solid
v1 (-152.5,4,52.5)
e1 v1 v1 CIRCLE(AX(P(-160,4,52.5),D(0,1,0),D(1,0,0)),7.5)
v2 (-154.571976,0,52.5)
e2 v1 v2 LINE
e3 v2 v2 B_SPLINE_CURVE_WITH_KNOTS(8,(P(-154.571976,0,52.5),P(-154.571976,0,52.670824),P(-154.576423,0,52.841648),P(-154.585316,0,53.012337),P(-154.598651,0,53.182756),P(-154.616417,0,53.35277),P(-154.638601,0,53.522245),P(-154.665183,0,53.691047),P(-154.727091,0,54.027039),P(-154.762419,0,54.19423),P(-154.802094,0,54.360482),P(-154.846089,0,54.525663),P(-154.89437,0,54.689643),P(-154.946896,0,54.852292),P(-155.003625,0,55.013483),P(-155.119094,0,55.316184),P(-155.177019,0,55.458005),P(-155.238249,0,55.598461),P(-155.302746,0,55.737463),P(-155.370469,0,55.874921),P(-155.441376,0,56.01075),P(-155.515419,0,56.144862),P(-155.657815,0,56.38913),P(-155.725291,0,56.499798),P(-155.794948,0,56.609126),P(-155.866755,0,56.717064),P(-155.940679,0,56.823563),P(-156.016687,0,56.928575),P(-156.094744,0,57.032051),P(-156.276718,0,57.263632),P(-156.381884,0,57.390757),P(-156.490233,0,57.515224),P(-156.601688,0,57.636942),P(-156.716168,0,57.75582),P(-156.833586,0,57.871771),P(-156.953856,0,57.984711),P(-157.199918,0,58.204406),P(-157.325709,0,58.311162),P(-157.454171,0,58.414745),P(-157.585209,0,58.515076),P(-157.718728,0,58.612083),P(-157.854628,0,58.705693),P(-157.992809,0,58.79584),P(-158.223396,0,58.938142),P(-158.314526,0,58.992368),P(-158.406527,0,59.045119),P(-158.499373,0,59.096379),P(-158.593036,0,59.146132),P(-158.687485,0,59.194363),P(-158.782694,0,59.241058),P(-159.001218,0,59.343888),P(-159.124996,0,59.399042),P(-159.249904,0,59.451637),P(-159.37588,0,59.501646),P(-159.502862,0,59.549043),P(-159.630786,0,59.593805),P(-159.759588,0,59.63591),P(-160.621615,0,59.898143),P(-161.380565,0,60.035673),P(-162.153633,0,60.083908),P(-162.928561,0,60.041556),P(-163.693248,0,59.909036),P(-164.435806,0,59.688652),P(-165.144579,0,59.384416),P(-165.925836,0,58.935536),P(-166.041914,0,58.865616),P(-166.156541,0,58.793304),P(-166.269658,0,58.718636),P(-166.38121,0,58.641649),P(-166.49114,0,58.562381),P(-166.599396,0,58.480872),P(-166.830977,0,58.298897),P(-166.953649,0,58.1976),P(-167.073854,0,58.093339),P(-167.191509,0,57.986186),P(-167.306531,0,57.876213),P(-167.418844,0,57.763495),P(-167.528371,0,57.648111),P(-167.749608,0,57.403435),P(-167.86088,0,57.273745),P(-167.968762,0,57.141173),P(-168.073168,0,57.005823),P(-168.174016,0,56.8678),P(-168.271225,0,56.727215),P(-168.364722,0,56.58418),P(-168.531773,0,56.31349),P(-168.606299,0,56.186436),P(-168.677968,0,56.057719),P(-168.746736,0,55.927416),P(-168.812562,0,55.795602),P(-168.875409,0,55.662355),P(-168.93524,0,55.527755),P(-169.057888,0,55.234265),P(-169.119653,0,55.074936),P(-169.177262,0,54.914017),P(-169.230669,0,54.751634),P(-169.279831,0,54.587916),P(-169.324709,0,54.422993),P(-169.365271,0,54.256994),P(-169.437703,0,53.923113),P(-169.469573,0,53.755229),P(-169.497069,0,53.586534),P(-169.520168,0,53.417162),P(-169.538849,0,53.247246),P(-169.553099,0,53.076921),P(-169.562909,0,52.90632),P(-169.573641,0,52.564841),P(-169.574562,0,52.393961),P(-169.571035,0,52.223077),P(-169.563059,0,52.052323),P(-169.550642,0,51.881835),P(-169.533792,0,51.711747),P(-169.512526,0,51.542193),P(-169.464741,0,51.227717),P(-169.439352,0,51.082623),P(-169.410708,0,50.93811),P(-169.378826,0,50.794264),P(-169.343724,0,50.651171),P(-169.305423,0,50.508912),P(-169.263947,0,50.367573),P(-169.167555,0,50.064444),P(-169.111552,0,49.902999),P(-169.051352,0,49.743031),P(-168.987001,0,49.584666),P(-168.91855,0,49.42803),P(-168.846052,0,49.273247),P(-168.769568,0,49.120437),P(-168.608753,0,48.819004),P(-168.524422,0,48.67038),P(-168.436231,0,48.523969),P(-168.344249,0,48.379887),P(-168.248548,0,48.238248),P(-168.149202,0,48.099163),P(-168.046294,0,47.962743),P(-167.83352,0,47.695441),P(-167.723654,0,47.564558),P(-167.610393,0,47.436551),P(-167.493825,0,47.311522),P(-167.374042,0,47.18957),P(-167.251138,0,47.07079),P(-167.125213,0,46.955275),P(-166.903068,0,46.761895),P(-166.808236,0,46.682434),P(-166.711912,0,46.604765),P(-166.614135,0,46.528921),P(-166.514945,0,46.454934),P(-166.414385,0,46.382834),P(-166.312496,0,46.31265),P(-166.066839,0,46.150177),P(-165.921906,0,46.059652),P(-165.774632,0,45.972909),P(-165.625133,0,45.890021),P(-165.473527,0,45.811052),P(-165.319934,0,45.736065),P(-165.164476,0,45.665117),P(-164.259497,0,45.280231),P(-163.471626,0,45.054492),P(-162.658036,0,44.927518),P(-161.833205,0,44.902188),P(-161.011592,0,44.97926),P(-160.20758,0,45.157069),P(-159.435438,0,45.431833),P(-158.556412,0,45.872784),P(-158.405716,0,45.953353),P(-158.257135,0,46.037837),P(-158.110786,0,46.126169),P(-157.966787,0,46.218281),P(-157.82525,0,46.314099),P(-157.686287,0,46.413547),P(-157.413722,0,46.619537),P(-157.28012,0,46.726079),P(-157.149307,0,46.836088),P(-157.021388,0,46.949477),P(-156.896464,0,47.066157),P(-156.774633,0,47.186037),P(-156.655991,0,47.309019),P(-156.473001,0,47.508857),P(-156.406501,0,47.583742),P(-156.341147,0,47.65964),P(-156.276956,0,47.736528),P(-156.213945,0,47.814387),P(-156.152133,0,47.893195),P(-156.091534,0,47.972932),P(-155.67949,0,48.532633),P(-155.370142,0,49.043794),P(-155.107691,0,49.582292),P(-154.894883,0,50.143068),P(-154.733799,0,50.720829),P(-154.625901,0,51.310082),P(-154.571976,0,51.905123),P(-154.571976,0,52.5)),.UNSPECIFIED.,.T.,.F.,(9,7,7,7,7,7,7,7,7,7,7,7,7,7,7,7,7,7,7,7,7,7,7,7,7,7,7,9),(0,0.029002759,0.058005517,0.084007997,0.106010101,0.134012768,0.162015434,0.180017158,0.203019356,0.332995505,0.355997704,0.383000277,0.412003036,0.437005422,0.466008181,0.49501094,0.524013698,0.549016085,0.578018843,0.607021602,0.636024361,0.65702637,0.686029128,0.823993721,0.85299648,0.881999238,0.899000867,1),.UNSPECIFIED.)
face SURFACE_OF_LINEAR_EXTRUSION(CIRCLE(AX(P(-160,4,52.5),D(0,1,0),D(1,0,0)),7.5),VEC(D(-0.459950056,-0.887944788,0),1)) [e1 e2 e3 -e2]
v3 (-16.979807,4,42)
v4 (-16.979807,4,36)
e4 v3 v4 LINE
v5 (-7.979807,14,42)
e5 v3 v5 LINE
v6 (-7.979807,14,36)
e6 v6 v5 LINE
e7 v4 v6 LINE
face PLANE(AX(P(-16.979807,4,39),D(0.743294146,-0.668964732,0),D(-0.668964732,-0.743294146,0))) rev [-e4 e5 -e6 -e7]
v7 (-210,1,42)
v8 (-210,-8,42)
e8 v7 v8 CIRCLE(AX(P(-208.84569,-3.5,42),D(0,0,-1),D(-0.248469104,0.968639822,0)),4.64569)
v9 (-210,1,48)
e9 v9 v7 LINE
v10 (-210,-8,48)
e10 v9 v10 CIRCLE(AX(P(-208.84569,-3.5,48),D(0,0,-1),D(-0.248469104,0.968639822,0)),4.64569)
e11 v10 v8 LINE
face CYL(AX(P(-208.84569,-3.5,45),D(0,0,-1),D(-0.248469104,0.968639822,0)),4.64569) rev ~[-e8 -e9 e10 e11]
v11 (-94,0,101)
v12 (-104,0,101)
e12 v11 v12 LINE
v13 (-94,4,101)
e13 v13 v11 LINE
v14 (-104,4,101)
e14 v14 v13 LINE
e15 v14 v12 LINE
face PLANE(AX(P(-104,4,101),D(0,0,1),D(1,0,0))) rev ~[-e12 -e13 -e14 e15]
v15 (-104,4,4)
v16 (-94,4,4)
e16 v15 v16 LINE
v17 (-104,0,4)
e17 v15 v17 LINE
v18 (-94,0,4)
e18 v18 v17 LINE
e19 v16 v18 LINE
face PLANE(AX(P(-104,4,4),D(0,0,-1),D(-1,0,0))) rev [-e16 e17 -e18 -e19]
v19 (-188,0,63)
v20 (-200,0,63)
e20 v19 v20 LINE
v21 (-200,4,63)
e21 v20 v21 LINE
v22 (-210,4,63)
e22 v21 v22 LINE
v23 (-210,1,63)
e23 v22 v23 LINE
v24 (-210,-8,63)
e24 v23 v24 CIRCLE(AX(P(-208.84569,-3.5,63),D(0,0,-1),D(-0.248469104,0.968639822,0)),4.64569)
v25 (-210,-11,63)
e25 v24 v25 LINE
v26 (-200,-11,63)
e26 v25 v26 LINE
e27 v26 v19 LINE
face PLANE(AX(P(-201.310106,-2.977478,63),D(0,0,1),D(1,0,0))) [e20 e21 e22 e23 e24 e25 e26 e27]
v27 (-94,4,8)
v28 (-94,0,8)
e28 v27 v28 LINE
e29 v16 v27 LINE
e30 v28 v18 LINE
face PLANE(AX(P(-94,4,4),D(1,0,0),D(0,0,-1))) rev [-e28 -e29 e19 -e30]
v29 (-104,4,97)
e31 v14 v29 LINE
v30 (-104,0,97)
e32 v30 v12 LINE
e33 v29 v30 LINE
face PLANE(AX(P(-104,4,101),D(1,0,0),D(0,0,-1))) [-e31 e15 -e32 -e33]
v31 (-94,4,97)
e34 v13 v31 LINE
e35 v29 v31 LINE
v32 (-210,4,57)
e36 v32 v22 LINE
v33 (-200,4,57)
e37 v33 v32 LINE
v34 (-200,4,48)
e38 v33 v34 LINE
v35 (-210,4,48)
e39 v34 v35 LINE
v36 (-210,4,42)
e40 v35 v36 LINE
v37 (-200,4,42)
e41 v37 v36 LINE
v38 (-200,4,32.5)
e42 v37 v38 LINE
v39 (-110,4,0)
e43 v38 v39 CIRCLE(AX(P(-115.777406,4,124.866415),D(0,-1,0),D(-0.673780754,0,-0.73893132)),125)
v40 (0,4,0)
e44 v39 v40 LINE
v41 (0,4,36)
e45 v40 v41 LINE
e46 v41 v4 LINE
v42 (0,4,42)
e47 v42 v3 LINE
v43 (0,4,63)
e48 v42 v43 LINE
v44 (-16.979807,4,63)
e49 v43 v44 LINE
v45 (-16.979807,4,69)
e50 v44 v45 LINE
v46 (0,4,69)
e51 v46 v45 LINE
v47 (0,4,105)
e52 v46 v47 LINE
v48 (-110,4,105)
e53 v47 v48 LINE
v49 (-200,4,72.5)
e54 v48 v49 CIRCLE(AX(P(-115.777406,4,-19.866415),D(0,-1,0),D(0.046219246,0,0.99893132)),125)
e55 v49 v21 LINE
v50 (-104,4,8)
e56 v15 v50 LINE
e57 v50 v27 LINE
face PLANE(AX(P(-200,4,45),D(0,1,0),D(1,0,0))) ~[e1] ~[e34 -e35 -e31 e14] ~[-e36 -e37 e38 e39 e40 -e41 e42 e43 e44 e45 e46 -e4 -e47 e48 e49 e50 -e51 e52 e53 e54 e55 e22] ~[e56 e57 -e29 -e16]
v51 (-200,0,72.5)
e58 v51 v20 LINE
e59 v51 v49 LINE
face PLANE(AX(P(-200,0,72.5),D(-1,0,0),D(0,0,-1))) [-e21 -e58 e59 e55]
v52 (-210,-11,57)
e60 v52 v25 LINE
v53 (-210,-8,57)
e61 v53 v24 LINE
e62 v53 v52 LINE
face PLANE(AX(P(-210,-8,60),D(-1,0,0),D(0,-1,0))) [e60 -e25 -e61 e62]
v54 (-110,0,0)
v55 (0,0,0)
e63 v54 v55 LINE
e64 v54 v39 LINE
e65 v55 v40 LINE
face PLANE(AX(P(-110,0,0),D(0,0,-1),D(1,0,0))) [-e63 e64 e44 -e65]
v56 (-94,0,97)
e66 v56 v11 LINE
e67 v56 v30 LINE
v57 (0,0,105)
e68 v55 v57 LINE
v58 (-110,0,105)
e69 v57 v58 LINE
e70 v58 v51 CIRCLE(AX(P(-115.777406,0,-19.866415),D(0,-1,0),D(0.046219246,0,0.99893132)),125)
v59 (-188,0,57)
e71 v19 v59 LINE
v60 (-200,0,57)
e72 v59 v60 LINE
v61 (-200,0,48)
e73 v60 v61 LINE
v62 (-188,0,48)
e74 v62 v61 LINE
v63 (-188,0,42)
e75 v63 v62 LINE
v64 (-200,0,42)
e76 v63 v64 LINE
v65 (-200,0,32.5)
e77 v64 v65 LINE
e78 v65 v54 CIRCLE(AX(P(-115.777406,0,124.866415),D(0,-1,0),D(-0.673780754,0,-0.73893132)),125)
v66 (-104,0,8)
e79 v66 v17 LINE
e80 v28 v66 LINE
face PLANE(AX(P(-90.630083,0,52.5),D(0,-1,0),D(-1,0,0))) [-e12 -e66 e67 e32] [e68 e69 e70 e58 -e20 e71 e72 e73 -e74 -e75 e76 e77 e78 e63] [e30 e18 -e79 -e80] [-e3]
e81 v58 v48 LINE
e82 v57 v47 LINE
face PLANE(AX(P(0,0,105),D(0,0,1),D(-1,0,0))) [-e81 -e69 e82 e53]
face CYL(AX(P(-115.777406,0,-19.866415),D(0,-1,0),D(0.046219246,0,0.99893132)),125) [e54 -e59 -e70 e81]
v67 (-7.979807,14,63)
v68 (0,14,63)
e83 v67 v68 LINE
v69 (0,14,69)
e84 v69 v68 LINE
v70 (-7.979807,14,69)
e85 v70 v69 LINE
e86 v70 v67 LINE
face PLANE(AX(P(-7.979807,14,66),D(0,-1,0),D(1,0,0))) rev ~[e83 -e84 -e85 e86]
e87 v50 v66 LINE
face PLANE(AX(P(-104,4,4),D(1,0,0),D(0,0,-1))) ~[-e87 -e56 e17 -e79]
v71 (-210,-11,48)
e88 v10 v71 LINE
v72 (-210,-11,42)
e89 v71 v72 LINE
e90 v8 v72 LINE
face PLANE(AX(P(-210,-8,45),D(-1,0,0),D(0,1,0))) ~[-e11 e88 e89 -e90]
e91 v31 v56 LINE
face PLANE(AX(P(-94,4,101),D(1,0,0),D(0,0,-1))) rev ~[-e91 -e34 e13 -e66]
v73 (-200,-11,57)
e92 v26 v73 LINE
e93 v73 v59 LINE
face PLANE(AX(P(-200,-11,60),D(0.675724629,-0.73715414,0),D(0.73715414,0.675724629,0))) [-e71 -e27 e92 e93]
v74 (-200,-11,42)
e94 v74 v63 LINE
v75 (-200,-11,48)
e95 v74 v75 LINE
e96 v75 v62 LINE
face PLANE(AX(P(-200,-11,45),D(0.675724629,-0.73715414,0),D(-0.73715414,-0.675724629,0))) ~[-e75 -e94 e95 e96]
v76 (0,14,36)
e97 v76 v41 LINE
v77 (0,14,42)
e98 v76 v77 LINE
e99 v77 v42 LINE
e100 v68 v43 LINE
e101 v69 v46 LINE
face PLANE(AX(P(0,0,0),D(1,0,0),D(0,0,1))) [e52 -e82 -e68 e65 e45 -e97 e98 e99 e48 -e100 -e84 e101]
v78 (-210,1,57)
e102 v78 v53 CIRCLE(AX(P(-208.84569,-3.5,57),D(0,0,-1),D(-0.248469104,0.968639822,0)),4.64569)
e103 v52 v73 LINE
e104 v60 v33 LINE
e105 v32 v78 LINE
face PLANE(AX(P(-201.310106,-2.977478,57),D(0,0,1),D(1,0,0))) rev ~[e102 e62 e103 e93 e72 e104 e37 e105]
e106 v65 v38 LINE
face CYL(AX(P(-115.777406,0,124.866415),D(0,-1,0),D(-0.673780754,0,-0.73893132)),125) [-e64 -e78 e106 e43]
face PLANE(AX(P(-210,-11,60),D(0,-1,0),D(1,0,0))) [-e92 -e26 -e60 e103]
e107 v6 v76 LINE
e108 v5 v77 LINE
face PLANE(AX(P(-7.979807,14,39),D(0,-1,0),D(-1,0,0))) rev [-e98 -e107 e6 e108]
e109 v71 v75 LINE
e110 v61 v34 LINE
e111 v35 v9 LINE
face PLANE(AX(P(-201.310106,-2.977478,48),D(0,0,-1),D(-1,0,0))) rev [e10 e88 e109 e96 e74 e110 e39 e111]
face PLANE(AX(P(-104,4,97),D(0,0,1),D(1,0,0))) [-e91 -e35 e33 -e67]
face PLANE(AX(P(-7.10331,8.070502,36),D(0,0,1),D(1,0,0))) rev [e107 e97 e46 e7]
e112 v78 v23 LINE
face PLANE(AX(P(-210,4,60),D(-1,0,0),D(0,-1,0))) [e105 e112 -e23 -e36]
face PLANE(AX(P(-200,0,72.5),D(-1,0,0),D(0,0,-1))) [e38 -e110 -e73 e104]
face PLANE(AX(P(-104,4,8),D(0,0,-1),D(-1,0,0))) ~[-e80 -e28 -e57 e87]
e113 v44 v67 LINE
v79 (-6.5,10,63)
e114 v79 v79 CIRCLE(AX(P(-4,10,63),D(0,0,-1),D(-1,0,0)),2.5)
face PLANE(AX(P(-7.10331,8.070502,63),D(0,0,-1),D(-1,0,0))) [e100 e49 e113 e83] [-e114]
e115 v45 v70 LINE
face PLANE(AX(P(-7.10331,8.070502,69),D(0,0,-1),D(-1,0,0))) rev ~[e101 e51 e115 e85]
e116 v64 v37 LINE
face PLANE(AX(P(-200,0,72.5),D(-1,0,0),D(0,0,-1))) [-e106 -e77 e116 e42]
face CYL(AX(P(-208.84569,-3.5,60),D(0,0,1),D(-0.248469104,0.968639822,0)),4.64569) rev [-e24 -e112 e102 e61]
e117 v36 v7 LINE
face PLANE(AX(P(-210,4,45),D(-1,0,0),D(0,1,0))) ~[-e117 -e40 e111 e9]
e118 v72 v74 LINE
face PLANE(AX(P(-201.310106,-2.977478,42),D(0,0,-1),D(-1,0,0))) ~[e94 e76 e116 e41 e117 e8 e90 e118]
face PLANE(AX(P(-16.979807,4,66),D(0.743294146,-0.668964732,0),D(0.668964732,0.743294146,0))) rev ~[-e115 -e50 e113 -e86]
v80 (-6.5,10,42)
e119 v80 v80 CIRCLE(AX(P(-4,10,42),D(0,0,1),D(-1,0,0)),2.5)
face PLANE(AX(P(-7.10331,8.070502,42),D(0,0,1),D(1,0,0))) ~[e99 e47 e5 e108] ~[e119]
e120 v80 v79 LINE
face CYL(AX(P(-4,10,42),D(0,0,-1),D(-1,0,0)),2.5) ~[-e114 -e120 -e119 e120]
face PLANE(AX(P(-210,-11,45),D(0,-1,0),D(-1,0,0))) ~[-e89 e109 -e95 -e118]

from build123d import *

# Parameters (mm, degrees)
BOSS_EXTRUDE1_DEPTH = 4
BOSS_EXTRUDE2_START = -45
BOSS_EXTRUDE2_DEPTH = 3
BOSS_EXTRUDE3_START = -39
BOSS_EXTRUDE3_DEPTH = 3
BOSS_EXTRUDE4_REACH = 221.731
SKETCH6_R           = 2.5
SKETCH7_W           = 10
SKETCH7_H           = 4
CUT_EXTRUDE1_DEPTH  = 10
SKETCH8_R           = 7.5


with BuildPart() as part:
    # Sketch1 → Boss-Extrude1 (new body)
    with BuildSketch(Plane(origin=(0, 0, 0), x_dir=(1, 0, 0), z_dir=(0, 1, 0))):
        with BuildLine():
            Line((-110, 0), (0, 0))
            Line((0, 0), (0, -105))
            Line((0, -105), (-110, -105))
            ThreePointArc((-110, -105), (-158.232963684, -97.702822508), (-200, -72.5))
            Line((-200, -72.5), (-200, -32.5))
            ThreePointArc((-200, -32.5), (-158.232963684, -7.297177492), (-110, 0))
        make_face()
    extrude(amount=BOSS_EXTRUDE1_DEPTH)

    # Sketch2 → Boss-Extrude2 (add, symmetric)
    with BuildSketch(Plane.XY.offset(105).offset(BOSS_EXTRUDE2_START)):
        with BuildLine():
            Line((-200, 4), (-210, 4))
            Line((-210, 4), (-210, 1))
            ThreePointArc((-210, 1), (-204.2, -3.5), (-210, -8))
            Line((-210, -8), (-210, -11))
            Line((-210, -11), (-200, -11))
            Line((-200, -11), (-188, 0))
            Line((-188, 0), (-200, 4))
        make_face()
    boss_extrude2 = extrude(amount=BOSS_EXTRUDE2_DEPTH, both=True)

    # Mirror1: Boss-Extrude2 across plane
    add(boss_extrude2.mirror(Plane.XY.offset(52.5)))

    # Sketch5 → Boss-Extrude3 (add, symmetric)
    with BuildSketch(Plane.XY.offset(105).offset(BOSS_EXTRUDE3_START)):
        Polygon((-16.979807258, 4), (-7.979807258, 14), (0, 14), (0, 4), align=None)
    boss_extrude3 = extrude(amount=BOSS_EXTRUDE3_DEPTH, both=True)

    # Mirror4: Boss-Extrude3 across plane
    add(boss_extrude3.mirror(Plane.XY.offset(52.5)))

    # Sketch6 → Boss-Extrude4 (add, up to next)
    with BuildSketch(Plane.XY.offset(42), mode=Mode.PRIVATE) as boss_extrude4_sk1:
        with Locations(Location((-4, 10, 0), (0, 0, 180))):
            Circle(SKETCH6_R)
    boss_extrude4_tool1 = extrude(boss_extrude4_sk1.sketch, amount=BOSS_EXTRUDE4_REACH, mode=Mode.PRIVATE) - part.part
    add(boss_extrude4_tool1.solids().sort_by_distance((-4, 10, 42))[0])

    # Sketch7 → Cut-Extrude1 (cut)
    with BuildSketch(Plane(origin=(0, 4, 0), x_dir=(1, 0, 0), z_dir=(0, 1, 0))):
        with Locations((-99, -99)):
            Rectangle(SKETCH7_W, SKETCH7_H)
    cut_extrude1 = extrude(amount=-CUT_EXTRUDE1_DEPTH, mode=Mode.SUBTRACT)

    # Mirror5: Cut-Extrude1 across plane
    add(cut_extrude1.mirror(Plane.XY.offset(52.5)), mode=Mode.SUBTRACT)

    # Cut-Sweep1: sweep along a path in Sketch9
    with BuildLine(Plane.XY.offset(52.5)) as cut_sweep1_path:
        Line((-160, 4), (-163.867437875, -3.466183031))
    # Sketch8 → Cut-Sweep1 (sweep, cut)
    with BuildSketch(Plane(origin=(0, 4, 0), x_dir=(1, 0, 0), z_dir=(0, 1, 0))):
        with Locations((-160, -52.5)):
            Circle(SKETCH8_R)
    sweep(path=cut_sweep1_path.line, mode=Mode.SUBTRACT)


solid = part.part
